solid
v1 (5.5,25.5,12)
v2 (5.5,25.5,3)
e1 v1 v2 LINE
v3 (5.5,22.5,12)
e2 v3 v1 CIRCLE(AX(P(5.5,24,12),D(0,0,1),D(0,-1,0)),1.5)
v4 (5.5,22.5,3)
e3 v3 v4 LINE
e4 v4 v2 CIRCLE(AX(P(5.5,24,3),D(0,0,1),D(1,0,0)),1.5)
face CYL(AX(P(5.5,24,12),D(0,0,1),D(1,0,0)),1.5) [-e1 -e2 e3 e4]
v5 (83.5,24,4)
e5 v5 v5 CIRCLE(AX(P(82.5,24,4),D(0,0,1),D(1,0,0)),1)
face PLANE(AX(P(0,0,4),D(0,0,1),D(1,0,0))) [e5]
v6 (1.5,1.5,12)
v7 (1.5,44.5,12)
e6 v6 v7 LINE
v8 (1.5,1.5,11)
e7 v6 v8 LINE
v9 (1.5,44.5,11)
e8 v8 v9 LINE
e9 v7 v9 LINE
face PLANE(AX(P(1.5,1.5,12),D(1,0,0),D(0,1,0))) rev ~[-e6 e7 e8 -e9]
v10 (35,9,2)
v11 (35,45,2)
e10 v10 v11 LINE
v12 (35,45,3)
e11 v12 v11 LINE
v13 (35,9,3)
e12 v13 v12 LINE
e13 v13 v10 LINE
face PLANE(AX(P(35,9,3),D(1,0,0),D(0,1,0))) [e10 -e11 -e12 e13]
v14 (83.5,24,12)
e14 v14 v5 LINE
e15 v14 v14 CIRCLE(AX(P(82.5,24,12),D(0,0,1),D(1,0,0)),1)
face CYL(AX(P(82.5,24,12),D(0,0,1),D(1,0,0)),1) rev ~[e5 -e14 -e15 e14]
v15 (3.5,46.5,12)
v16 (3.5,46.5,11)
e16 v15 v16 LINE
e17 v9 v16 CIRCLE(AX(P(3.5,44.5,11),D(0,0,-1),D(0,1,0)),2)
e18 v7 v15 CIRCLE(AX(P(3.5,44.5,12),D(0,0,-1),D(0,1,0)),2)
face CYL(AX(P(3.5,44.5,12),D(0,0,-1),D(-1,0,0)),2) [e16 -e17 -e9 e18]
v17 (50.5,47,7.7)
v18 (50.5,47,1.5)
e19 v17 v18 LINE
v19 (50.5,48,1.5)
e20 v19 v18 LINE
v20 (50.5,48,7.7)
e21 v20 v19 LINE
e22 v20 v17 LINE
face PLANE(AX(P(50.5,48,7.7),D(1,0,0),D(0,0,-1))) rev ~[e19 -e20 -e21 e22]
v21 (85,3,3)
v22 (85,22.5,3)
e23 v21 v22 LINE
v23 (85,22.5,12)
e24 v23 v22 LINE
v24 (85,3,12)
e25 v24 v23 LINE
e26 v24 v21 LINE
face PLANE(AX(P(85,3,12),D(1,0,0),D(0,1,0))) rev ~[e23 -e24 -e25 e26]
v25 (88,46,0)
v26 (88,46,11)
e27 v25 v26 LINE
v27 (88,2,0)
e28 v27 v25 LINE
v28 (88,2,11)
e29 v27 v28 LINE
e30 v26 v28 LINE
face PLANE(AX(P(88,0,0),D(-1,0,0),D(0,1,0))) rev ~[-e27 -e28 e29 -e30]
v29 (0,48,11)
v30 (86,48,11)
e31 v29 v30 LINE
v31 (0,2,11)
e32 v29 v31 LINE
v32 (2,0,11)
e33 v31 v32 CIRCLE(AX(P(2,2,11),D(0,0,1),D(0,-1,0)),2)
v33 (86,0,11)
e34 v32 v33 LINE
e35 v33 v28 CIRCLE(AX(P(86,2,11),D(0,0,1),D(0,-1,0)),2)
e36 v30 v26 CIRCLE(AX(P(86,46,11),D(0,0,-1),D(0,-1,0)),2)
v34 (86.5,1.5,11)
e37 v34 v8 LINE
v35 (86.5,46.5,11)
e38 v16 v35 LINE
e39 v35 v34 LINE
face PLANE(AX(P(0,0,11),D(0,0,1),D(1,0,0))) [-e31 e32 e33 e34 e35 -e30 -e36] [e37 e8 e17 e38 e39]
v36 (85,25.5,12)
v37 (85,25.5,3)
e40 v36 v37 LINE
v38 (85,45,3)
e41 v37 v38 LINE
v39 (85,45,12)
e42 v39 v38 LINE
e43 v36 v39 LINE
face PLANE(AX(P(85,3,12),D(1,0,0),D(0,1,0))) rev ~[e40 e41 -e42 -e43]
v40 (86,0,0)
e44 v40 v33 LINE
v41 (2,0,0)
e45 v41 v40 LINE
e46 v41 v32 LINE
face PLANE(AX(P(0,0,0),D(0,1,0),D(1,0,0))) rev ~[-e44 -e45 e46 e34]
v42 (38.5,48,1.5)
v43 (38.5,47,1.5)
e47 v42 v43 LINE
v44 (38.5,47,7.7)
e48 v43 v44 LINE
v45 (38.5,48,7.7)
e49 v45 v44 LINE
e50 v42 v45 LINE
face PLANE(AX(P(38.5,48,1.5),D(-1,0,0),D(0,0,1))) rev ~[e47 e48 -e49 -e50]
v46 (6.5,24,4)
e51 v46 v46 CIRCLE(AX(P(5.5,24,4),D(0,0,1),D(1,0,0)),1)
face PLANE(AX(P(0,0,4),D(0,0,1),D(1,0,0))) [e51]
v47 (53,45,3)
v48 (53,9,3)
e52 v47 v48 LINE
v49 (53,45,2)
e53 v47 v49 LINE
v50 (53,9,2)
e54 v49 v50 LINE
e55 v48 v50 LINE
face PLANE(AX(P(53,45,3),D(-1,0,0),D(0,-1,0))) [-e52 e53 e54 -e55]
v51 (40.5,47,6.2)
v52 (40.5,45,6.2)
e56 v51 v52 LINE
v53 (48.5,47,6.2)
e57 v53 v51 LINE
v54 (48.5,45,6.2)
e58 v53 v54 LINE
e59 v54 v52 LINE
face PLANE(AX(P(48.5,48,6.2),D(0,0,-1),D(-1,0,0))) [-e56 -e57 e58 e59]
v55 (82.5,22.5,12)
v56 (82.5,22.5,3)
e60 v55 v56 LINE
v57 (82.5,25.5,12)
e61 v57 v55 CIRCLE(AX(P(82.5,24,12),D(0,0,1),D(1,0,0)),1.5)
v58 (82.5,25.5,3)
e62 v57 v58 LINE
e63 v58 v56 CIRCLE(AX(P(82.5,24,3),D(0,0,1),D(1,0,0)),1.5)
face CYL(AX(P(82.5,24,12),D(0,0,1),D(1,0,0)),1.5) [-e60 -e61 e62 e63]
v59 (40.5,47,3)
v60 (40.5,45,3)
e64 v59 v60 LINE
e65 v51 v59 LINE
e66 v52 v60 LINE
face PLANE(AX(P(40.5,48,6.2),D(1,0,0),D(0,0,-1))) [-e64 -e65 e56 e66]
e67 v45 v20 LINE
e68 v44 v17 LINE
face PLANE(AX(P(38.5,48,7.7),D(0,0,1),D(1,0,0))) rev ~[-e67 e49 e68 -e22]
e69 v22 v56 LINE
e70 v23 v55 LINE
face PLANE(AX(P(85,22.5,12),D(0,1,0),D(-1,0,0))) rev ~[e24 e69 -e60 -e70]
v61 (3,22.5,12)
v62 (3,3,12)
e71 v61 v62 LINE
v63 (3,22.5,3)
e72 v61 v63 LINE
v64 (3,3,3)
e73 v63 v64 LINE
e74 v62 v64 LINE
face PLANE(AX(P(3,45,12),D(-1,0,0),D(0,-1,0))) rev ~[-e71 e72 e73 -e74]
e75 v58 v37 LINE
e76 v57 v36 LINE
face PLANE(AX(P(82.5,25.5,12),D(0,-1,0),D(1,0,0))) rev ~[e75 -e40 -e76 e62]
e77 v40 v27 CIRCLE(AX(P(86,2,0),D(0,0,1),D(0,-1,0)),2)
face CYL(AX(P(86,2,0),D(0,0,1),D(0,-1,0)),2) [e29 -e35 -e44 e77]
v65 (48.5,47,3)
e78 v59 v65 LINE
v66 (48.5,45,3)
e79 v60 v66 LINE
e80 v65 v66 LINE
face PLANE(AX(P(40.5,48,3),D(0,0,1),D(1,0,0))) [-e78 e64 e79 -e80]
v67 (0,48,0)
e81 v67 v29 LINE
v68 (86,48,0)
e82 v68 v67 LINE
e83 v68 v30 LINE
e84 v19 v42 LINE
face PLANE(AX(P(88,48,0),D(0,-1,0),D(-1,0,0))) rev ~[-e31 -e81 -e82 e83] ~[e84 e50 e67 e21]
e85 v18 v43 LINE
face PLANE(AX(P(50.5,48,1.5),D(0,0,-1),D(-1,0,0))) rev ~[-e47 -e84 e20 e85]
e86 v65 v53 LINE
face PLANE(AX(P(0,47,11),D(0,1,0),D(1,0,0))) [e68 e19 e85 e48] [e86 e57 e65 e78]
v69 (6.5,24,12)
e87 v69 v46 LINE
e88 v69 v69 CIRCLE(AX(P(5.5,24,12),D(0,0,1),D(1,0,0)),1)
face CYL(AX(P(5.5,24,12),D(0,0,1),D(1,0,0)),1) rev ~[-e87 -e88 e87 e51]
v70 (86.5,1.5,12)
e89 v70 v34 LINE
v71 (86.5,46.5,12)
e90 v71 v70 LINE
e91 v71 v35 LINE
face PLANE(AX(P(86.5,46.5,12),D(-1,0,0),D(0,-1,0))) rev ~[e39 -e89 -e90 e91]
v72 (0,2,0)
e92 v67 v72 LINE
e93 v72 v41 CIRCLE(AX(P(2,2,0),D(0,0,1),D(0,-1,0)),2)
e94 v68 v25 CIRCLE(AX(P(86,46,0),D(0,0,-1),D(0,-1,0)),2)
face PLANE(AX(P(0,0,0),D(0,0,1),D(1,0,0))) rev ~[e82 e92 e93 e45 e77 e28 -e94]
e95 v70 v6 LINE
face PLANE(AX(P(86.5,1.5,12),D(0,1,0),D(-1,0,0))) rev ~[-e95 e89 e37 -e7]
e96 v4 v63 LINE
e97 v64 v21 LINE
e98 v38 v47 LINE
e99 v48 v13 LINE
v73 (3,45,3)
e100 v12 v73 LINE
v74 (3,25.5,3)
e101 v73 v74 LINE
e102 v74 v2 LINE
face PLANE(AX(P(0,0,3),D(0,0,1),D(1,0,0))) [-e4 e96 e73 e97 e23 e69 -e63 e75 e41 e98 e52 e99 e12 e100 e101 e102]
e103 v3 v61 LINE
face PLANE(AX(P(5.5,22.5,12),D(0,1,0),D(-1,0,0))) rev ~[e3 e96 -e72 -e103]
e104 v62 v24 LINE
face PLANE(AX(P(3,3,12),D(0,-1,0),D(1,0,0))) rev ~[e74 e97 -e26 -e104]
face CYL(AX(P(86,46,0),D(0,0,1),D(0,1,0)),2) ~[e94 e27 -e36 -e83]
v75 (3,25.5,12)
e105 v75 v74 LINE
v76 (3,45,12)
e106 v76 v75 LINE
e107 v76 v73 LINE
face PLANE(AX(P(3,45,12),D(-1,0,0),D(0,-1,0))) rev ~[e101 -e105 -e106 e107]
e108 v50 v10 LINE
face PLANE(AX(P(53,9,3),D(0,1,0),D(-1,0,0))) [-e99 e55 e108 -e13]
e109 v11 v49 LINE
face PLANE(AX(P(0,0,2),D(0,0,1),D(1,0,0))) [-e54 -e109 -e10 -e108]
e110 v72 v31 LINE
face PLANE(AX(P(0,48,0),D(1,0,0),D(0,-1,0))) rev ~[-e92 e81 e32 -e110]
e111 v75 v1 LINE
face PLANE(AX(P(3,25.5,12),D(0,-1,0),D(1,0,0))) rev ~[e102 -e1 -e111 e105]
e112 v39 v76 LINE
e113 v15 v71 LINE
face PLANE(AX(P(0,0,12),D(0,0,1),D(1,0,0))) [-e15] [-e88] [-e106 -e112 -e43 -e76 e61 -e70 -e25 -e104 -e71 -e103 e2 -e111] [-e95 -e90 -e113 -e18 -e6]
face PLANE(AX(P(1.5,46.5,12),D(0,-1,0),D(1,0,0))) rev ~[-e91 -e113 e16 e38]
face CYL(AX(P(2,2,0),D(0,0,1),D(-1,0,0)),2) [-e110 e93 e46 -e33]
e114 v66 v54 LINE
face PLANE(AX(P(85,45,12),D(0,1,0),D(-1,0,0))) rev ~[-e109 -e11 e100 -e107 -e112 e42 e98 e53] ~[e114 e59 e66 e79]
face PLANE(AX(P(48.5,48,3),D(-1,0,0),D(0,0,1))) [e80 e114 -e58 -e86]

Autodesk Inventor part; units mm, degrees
ref_plane "YZ Plane" through (0, 0, 0) normal (1, 0, 0) x (0, 1, 0)
ref_plane "XZ Plane" through (0, 0, 0) normal (0, 1, 0) x (-1, 0, 0)
ref_plane "XY Plane" through (0, 0, 0) normal (0, 0, 1) x (1, 0, 0)
sketch "Sketch1" plane through (0, 0, 0) normal (0, 0, 1) x (1, 0, 0)
  line L0 (0, 0) -> (88, 0)
  line L1 (88, 0) -> (88, 48)
  line L2 (88, 48) -> (0, 48)
  line L3 (0, 48) -> (0, 0)
  line L4 (18.3534, 5.6399) -> (66.0026, 5.6399)
  line L5 (66.0026, 5.6399) -> (66.0026, 36.8949)
  line L6 (66.0026, 36.8949) -> (18.3534, 36.8949)
  line L7 (18.3534, 36.8949) -> (18.3534, 5.6399)
  dimension "d0" = 88
  dimension "d1" = 48
extrude "Extrusion1" add sketch "Sketch1" along normal blind 12 contours L3 L2 L1 L0 | L7 L6 L5 L4
sketch "Sketch2" plane through (0, 0, 12) normal (0, 0, 1) x (1, 0, 0)
  line L0 (3, 3) -> (85, 3)
  line L1 (85, 3) -> (85, 45)
  line L2 (85, 45) -> (3, 45)
  line L3 (3, 45) -> (3, 3)
  line L4 (88, 48) -> (0, 48) projected
  line L5 (88, 0) -> (88, 48) projected
  line L6 (0, 0) -> (88, 0) projected
  line L7 (0, 48) -> (0, 0) projected
  dimension "d4" = 3
  dimension "d5" = 3
  dimension "d6" = 3
  dimension "d7" = 3
extrude "Extrusion2" cut sketch "Sketch2" against normal blind 9 contours L3 L2 L1 L0
sketch "Sketch3" plane through (0, 0, 12) normal (0, 0, 1) x (1, 0, 0)
  line L0 (1.5, 46.5) -> (86.5, 46.5)
  line L1 (86.5, 46.5) -> (86.5, 1.5)
  line L2 (86.5, 1.5) -> (1.5, 1.5)
  line L3 (1.5, 1.5) -> (1.5, 46.5)
  line L4 (0, 0) -> (88, 0) projected
  line L5 (0, 48) -> (0, 0) projected
  line L6 (88, 0) -> (0, 0)
  line L7 (0, 0) -> (0, 48)
  line L8 (0, 48) -> (88, 48)
  line L9 (88, 48) -> (88, 0)
  dimension "d10" = 1.5
  dimension "d11" = 1.5
  dimension "d12" = 1.5
  dimension "d13" = 1.5
extrude "Extrusion3" cut sketch "Sketch3" against normal blind 1
fillet "Fillet1" radius 2 4 edges at (0, 0, 5.5) (88, 0, 5.5) (88, 48, 5.5) (1.5, 46.5, 11.5)
sketch "Sketch4" plane through (0, 0, 12) normal (0, 0, 1) x (1, 0, 0)
  circle A0 centre (5.5, 24) radius 1
  circle A1 centre (82.5, 24) radius 1
  line L0 (3, 45) -> (85, 45) projected
  line L1 (3, 3) -> (3, 45) projected
  line L2 (3, 25.5) -> (5.5, 25.5)
  line L3 (5.5, 25.5) -> (5.5, 22.5)
  line L4 (5.5, 22.5) -> (3, 22.5)
  line L5 (3, 22.5) -> (3, 25.5)
  circle A2 centre (5.5, 24) radius 1.5
  line L6 (85, 45) -> (85, 3) projected
  line L7 (85, 22.5) -> (82.5, 22.5)
  line L8 (82.5, 22.5) -> (82.5, 25.5)
  line L9 (82.5, 25.5) -> (85, 25.5)
  line L10 (85, 25.5) -> (85, 22.5)
  circle A3 centre (82.5, 24) radius 1.5
  point P0 (0, 0)
  dimension "d17" = 2
  dimension "d18" = 2
  dimension "d19" = 21
  dimension "d20" = 21
  dimension "d21" = 2.5
  dimension "d22" = 3
  dimension "d23" = 1.5
  dimension "d24" = 2.5
  dimension "d25" = 2.5
  dimension "d26" = 3
  dimension "d27" = 1.5
extrude "Extrusion4" add sketch "Sketch4" against normal blind 10
sketch "Sketch5" plane through (0, 0, 12) normal (0, 0, 1) x (1, 0, 0)
  circle A0 centre (5.5, 24) radius 1
  circle A1 centre (82.5, 24) radius 1
  line L0 (3, 25.5) -> (3, 22.5) projected
  line L1 (3, 22.5) -> (5.5, 22.5) projected
  line L2 (82.5, 22.5) -> (85, 22.5) projected
  line L3 (85, 22.5) -> (85, 25.5) projected
  point P0 (0, 0)
  dimension "d30" = 2
  dimension "d31" = 2
  dimension "d32" = 2.5
  dimension "d33" = 1.5
  dimension "d34" = 1.5
  dimension "d35" = 2.5
extrude "Extrusion5" cut sketch "Sketch5" against normal blind 8
sketch "Sketch6" plane through (0, 0, 3) normal (0, 0, 1) x (1, 0, 0)
  line L0 (35, 45) -> (53, 45)
  line L1 (53, 45) -> (53, 9)
  line L2 (53, 9) -> (35, 9)
  line L3 (35, 9) -> (35, 45)
  line L4 (3, 45) -> (85, 45) projected
  line L5 (3, 25.5) -> (3, 45) projected
  point P0 (0, 0)
  dimension "d38" = 18
  dimension "d39" = 36
  dimension "d40" = 0
  dimension "d41" = 32
  dimension "d50" = 82
extrude "Extrusion6" cut sketch "Sketch6" against normal blind 1
sketch "Sketch7" plane through (0, 48, 11) normal (0, 1, 0) x (1, 0, 0)
  line L0 (48.5, 4.8) -> (40.5, 4.8)
  line L1 (40.5, 4.8) -> (40.5, 8)
  line L2 (40.5, 8) -> (48.5, 8)
  line L3 (48.5, 8) -> (48.5, 4.8)
  line L4 (86, 11) -> (0, 11) projected
  line L5 (86, 11) -> (86, 0) projected
  dimension "d44" = 8
  dimension "d45" = 3.2
  dimension "d46" = 3
  dimension "d47" = 37.5
extrude "Extrusion7" cut sketch "Sketch7" against normal blind 4
sketch "Sketch8" plane through (0, 48, 11) normal (0, 1, 0) x (1, 0, 0)
  line L0 (50.5, 9.5) -> (38.5, 9.5)
  line L1 (38.5, 9.5) -> (38.5, 3.3)
  line L2 (38.5, 3.3) -> (50.5, 3.3)
  line L3 (50.5, 3.3) -> (50.5, 9.5)
  line L4 (48.5, 8) -> (48.5, 4.8) projected
  line L5 (40.5, 4.8) -> (40.5, 8) projected
  line L6 (48.5, 4.8) -> (40.5, 4.8) projected
  line L7 (40.5, 8) -> (48.5, 8) projected
  point P0 (0, 11)
  dimension "d51" = 2
  dimension "d52" = 2
  dimension "d53" = 1.5
  dimension "d54" = 1.5
extrude "Extrusion8" cut sketch "Sketch8" against normal blind 1
properties part number "Base"
